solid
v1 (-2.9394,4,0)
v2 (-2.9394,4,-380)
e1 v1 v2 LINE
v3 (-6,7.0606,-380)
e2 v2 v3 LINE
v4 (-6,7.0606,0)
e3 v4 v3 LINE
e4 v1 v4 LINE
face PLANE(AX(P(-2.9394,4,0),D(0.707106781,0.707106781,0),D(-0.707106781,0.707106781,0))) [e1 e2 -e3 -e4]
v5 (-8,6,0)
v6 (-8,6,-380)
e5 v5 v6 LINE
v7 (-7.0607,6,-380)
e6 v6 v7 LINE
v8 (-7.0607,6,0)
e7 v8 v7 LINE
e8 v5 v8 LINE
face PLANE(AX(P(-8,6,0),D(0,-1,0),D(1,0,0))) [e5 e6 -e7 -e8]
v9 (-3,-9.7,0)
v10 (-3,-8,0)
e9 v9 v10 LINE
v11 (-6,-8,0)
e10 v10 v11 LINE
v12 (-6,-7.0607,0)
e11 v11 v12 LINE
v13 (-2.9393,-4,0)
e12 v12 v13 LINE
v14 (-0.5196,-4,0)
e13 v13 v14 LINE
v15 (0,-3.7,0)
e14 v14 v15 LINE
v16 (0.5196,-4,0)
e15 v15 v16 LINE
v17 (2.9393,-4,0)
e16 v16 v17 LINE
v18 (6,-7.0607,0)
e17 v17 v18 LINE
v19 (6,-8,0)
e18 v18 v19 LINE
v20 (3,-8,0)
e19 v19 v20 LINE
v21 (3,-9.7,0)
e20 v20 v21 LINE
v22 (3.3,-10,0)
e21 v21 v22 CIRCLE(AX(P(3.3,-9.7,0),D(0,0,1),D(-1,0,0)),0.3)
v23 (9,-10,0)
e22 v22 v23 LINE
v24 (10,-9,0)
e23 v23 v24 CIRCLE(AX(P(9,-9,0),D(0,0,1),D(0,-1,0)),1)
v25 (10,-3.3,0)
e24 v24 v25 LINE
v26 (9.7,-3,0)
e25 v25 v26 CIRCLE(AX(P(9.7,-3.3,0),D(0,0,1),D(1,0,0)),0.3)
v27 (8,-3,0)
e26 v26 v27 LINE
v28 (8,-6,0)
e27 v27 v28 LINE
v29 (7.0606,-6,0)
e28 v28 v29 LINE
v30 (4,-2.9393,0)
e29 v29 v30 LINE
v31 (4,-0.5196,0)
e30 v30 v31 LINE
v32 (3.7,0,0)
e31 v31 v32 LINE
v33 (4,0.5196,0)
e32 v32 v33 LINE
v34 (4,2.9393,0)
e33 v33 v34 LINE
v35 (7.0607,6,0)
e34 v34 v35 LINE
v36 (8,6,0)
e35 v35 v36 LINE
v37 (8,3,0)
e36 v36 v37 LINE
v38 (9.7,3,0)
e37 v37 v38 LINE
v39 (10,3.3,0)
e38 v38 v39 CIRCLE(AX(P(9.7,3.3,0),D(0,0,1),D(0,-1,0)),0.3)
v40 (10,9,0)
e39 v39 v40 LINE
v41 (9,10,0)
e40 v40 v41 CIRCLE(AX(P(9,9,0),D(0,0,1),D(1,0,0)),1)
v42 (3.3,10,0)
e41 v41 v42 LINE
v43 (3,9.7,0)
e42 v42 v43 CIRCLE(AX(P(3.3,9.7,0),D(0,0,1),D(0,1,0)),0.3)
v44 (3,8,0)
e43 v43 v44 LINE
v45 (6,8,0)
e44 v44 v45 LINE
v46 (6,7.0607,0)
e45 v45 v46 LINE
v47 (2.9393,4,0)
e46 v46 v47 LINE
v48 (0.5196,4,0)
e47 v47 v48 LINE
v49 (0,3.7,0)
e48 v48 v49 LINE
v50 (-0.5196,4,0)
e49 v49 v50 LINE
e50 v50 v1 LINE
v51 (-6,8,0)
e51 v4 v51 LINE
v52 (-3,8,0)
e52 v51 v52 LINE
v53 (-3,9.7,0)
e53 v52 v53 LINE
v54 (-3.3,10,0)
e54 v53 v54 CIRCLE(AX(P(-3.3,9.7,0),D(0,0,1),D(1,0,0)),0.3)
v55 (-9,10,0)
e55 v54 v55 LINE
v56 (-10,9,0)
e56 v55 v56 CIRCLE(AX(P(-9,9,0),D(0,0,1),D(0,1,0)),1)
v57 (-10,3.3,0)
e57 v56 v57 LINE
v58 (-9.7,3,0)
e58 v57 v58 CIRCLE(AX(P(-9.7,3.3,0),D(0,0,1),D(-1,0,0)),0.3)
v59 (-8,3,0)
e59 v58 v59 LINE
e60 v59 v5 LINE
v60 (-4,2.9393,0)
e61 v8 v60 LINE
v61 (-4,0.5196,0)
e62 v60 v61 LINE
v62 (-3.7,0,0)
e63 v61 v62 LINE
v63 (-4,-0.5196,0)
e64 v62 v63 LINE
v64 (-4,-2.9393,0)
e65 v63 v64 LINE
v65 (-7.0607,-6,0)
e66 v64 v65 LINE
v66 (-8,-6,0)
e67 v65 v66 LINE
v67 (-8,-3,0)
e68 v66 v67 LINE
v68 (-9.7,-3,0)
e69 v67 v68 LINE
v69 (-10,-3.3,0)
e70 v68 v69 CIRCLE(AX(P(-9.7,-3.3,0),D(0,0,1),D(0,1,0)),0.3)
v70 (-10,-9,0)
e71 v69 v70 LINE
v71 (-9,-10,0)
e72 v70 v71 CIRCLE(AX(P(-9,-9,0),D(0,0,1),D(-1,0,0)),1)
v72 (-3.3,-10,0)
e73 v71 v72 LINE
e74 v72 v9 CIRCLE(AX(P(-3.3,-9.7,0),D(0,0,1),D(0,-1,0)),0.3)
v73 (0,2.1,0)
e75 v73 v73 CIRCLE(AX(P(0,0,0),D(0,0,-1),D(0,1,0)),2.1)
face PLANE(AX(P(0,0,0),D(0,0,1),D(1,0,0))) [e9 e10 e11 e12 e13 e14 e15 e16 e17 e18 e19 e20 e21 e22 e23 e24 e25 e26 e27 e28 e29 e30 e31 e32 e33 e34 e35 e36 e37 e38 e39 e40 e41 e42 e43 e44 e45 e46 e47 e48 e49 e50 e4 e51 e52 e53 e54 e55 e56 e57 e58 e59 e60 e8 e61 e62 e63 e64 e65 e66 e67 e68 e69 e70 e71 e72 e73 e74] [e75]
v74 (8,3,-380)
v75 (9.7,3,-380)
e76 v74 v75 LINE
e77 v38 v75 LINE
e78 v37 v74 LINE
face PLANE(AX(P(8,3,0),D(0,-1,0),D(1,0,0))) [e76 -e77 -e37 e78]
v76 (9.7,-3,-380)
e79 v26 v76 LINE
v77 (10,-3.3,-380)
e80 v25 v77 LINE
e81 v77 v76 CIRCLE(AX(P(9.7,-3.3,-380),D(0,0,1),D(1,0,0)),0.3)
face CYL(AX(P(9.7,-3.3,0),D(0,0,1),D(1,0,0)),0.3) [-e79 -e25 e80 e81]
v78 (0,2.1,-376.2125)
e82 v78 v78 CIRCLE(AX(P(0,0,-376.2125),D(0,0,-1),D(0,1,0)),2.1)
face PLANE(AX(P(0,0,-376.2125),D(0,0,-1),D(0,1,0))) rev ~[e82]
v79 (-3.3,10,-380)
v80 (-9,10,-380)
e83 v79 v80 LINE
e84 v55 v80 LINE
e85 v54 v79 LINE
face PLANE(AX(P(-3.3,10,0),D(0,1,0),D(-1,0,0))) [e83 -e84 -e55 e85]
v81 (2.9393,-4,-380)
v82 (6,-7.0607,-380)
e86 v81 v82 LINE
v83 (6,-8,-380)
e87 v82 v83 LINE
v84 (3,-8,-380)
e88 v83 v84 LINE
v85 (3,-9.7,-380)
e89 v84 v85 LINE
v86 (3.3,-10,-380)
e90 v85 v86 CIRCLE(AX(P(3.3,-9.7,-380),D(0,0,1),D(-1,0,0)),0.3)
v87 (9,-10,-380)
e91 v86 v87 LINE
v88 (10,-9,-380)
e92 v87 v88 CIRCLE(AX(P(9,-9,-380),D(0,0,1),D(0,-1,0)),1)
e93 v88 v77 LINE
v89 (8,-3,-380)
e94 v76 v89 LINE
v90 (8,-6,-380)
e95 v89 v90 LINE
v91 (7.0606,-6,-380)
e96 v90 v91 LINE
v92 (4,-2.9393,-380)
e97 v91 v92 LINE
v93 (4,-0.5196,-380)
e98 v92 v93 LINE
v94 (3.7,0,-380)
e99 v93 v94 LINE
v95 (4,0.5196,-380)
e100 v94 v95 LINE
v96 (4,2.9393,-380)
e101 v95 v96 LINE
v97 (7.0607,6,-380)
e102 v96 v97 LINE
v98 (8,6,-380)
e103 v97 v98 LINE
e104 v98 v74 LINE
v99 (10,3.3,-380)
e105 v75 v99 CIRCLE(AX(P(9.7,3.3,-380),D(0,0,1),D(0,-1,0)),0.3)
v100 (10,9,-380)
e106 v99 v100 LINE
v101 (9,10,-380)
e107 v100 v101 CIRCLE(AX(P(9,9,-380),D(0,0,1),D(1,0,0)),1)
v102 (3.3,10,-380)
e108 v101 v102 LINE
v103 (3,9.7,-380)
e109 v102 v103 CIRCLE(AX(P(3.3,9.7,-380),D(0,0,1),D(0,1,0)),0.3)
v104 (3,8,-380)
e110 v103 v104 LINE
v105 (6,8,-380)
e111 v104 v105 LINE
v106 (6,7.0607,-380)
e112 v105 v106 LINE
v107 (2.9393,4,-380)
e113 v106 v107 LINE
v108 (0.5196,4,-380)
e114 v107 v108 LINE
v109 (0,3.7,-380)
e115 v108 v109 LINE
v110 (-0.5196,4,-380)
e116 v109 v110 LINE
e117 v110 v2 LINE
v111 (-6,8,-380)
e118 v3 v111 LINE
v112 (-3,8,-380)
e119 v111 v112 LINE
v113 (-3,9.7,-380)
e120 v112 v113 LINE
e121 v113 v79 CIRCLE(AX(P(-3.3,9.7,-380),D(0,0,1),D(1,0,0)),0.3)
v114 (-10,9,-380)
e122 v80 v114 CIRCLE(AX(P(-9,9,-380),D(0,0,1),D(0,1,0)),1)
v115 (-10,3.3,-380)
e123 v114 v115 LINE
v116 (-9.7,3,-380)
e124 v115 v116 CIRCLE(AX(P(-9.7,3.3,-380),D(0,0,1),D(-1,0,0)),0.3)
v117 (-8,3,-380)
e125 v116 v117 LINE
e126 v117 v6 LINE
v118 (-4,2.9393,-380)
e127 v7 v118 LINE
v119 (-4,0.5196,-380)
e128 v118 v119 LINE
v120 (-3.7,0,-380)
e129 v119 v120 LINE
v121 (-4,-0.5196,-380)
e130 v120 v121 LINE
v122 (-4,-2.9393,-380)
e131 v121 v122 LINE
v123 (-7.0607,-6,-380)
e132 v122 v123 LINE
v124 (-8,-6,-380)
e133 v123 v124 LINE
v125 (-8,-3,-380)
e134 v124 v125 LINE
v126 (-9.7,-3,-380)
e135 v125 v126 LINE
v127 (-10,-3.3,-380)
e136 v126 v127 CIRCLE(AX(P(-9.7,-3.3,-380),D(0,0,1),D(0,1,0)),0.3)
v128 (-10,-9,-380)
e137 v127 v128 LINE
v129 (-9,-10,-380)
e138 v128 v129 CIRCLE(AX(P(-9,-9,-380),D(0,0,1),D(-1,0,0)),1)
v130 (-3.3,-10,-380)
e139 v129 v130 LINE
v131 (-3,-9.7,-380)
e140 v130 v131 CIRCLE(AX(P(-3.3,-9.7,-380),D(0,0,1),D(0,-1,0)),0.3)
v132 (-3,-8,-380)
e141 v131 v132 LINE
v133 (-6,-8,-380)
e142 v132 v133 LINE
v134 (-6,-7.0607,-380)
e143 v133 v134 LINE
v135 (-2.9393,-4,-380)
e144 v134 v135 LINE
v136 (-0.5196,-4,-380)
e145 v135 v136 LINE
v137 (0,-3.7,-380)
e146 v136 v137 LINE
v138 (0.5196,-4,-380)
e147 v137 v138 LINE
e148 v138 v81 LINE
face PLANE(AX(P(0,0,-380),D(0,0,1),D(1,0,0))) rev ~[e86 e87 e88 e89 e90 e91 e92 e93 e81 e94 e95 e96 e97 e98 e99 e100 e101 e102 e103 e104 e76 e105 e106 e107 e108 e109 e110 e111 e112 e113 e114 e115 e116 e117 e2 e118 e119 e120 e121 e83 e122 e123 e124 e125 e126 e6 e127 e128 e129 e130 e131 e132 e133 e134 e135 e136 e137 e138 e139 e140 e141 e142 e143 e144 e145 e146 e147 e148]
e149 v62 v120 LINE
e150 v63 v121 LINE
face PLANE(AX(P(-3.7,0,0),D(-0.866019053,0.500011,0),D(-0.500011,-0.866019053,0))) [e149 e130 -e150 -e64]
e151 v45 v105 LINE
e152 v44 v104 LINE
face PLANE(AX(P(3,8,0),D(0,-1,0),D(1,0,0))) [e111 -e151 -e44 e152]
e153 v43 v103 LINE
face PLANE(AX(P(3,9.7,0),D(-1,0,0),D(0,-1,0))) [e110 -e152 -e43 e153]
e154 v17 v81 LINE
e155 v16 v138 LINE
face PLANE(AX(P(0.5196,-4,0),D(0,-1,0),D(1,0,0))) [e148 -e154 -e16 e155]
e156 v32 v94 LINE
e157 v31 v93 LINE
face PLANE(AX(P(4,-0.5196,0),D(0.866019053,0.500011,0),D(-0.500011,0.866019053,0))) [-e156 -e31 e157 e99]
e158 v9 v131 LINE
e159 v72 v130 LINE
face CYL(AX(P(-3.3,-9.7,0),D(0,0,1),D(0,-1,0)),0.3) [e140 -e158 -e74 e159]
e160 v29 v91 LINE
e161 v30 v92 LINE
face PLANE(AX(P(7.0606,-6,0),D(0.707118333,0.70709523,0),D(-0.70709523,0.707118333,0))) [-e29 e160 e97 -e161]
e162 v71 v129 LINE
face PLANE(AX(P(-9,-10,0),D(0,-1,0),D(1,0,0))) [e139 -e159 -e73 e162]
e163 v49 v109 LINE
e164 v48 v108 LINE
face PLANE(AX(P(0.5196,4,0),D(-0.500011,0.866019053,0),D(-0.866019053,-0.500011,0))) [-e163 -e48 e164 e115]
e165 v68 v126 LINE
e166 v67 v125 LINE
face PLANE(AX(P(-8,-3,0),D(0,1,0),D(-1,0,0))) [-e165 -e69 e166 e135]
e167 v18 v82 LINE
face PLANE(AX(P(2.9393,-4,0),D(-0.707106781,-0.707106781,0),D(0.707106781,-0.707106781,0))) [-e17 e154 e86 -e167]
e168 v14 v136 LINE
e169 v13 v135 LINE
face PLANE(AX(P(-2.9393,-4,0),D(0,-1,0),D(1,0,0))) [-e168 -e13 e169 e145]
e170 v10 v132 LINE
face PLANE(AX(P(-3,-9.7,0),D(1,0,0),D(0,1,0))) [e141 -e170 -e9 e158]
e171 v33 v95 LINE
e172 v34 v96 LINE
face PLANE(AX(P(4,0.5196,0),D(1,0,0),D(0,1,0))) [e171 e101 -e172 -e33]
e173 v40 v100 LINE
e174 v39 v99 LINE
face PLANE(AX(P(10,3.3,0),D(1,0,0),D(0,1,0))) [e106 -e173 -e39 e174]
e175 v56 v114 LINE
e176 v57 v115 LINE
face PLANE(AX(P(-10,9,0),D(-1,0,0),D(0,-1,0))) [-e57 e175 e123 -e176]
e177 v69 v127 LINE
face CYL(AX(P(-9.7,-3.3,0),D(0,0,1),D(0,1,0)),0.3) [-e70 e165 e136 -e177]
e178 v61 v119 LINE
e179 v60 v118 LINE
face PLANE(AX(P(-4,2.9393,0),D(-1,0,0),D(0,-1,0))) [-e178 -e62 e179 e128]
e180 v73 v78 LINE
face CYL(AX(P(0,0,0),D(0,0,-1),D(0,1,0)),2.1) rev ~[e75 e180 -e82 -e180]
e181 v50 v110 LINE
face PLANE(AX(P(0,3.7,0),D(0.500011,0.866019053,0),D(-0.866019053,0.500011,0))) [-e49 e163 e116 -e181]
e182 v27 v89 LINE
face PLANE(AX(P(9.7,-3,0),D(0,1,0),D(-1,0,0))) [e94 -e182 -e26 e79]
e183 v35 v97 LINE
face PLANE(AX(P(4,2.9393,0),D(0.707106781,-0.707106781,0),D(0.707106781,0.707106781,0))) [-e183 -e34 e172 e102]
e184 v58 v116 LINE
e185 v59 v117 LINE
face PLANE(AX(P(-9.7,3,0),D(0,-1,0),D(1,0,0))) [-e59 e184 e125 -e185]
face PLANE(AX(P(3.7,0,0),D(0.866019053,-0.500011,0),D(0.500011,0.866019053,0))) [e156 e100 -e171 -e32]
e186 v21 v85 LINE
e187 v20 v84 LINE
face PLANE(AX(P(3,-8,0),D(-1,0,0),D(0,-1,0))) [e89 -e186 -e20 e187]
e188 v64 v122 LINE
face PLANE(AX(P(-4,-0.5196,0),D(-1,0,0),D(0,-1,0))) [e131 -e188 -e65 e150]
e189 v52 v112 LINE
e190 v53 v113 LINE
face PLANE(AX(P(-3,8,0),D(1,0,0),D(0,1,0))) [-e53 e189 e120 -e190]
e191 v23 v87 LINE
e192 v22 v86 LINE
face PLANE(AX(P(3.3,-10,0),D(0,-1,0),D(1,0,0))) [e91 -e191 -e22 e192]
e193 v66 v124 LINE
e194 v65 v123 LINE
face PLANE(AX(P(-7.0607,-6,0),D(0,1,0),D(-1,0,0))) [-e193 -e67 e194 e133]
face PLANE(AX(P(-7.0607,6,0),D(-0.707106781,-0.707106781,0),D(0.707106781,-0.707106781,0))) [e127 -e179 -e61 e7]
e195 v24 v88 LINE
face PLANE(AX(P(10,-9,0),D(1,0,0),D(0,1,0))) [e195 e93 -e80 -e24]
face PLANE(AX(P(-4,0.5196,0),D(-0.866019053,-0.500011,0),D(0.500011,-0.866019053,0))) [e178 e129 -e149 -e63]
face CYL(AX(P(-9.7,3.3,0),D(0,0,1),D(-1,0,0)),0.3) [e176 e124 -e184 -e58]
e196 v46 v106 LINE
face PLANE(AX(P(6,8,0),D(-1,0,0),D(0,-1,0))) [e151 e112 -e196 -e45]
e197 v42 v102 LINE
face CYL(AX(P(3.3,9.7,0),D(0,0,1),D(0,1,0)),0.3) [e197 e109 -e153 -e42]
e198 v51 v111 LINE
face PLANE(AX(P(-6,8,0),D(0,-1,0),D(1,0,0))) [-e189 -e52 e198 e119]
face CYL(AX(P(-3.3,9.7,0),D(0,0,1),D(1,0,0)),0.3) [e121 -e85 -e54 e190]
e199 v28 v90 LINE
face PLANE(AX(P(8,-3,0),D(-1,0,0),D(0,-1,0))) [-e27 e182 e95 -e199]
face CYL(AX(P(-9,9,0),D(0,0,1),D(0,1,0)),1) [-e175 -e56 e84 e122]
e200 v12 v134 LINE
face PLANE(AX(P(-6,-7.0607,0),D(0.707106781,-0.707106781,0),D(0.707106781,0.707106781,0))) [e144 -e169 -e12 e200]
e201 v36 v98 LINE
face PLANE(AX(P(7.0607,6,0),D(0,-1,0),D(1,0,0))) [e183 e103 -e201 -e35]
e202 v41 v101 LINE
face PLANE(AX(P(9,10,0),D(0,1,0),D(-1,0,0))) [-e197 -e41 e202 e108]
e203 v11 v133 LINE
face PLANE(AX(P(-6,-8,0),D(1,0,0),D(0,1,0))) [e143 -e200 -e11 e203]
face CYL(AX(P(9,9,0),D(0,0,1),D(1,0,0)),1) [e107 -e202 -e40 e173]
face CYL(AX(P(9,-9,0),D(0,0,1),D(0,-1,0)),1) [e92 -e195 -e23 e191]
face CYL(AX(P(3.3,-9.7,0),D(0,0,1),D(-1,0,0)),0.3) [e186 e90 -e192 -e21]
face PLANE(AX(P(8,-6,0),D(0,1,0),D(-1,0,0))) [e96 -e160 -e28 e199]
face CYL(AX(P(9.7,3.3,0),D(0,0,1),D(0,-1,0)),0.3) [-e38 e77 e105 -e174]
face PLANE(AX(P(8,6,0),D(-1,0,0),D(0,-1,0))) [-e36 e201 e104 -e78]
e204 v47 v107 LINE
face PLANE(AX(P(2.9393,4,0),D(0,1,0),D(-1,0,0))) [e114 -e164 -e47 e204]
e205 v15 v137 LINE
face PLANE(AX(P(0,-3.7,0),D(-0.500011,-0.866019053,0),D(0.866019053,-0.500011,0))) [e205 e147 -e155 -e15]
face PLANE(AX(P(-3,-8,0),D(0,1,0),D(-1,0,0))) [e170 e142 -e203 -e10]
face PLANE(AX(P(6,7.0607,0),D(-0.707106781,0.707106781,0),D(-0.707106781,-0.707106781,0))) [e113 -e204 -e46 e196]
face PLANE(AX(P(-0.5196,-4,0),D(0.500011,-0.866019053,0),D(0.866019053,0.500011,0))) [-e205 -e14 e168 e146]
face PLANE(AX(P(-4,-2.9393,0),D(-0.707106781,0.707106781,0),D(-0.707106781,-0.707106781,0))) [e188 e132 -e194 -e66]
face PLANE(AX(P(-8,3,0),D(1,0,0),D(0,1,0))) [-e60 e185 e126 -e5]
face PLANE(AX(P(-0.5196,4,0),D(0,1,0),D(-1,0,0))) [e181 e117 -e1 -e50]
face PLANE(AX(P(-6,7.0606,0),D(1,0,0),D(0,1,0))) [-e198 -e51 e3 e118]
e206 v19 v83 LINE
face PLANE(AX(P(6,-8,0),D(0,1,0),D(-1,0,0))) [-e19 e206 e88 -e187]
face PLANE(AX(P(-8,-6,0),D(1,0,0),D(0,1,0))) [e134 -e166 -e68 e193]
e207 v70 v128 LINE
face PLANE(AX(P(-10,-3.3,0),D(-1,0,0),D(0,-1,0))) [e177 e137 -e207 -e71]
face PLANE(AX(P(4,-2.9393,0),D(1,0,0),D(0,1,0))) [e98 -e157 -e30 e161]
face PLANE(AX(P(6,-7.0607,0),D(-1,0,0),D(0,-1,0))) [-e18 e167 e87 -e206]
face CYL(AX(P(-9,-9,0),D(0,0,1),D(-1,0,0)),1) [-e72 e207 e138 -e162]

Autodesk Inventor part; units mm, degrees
sketch "Sketch_1" plane through (0, 0, 0) normal (0, 0, 1) x (1, 0, 0)
  line L0 (-10, 9) -> (-10, 3.3)
  arc A0 (-10, 3.3) -> (-9.7, 3) centre (-9.7, 3.3) ccw
  line L1 (-9.7, 3) -> (-8, 3)
  line L2 (-8, 3) -> (-8, 6)
  line L3 (-8, 6) -> (-7.0607, 6)
  line L4 (-7.0607, 6) -> (-4, 2.9393)
  line L5 (-4, 2.9393) -> (-4, 0.5196)
  line L6 (-4, 0.5196) -> (-3.7, 0)
  line L7 (-3.7, 0) -> (-4, -0.5196)
  line L8 (-4, -0.5196) -> (-4, -2.9393)
  line L9 (-4, -2.9393) -> (-7.0607, -6)
  line L10 (-7.0607, -6) -> (-8, -6)
  line L11 (-8, -6) -> (-8, -3)
  line L12 (-8, -3) -> (-9.7, -3)
  arc A1 (-9.7, -3) -> (-10, -3.3) centre (-9.7, -3.3) ccw
  line L13 (-10, -3.3) -> (-10, -9)
  arc A2 (-10, -9) -> (-9, -10) centre (-9, -9) ccw
  line L14 (-9, -10) -> (-3.3, -10)
  arc A3 (-3.3, -10) -> (-3, -9.7) centre (-3.3, -9.7) ccw
  line L15 (-3, -9.7) -> (-3, -8)
  line L16 (-3, -8) -> (-6, -8)
  line L17 (-6, -8) -> (-6, -7.0607)
  line L18 (-6, -7.0607) -> (-2.9393, -4)
  line L19 (-2.9393, -4) -> (-0.5196, -4)
  line L20 (-0.5196, -4) -> (0, -3.7)
  line L21 (0, -3.7) -> (0.5196, -4)
  line L22 (0.5196, -4) -> (2.9393, -4)
  line L23 (2.9393, -4) -> (6, -7.0607)
  line L24 (6, -7.0607) -> (6, -8)
  line L25 (6, -8) -> (3, -8)
  line L26 (3, -8) -> (3, -9.7)
  arc A4 (3, -9.7) -> (3.3, -10) centre (3.3, -9.7) ccw
  line L27 (3.3, -10) -> (9, -10)
  arc A5 (9, -10) -> (10, -9) centre (9, -9) ccw
  line L28 (10, -9) -> (10, -3.3)
  arc A6 (10, -3.3) -> (9.7, -3) centre (9.7, -3.3) ccw
  line L29 (9.7, -3) -> (8, -3)
  line L30 (8, -3) -> (8, -6)
  line L31 (8, -6) -> (7.0606, -6)
  line L32 (7.0606, -6) -> (4, -2.9393)
  line L33 (4, -2.9393) -> (4, -0.5196)
  line L34 (4, -0.5196) -> (3.7, 0)
  line L35 (3.7, 0) -> (4, 0.5196)
  line L36 (4, 0.5196) -> (4, 2.9393)
  line L37 (4, 2.9393) -> (7.0607, 6)
  line L38 (7.0607, 6) -> (8, 6)
  line L39 (8, 6) -> (8, 3)
  line L40 (8, 3) -> (9.7, 3)
  arc A7 (9.7, 3) -> (10, 3.3) centre (9.7, 3.3) ccw
  line L41 (10, 3.3) -> (10, 9)
  arc A8 (10, 9) -> (9, 10) centre (9, 9) ccw
  line L42 (9, 10) -> (3.3, 10)
  arc A9 (3.3, 10) -> (3, 9.7) centre (3.3, 9.7) ccw
  line L43 (3, 9.7) -> (3, 8)
  line L44 (3, 8) -> (6, 8)
  line L45 (6, 8) -> (6, 7.0607)
  line L46 (6, 7.0607) -> (2.9393, 4)
  line L47 (2.9393, 4) -> (0.5196, 4)
  line L48 (0.5196, 4) -> (0, 3.7)
  line L49 (0, 3.7) -> (-0.5196, 4)
  line L50 (-0.5196, 4) -> (-2.9394, 4)
  line L51 (-2.9394, 4) -> (-6, 7.0606)
  line L52 (-6, 7.0606) -> (-6, 8)
  line L53 (-6, 8) -> (-3, 8)
  line L54 (-3, 8) -> (-3, 9.7)
  arc A10 (-3, 9.7) -> (-3.3, 10) centre (-3.3, 9.7) ccw
  line L55 (-3.3, 10) -> (-9, 10)
  arc A11 (-9, 10) -> (-10, 9) centre (-9, 9) ccw
extrude "Extrusion1" add sketch "Sketch_1" against normal blind 380
sketch "Sketch_2" plane through (0, 0, 0) normal (1, 0, 0) x (0, 0, -1)
  line L0 (300, 0) -> (0, 0)
  line L1 (0, 0) -> (0, 2.1)
  line L2 (0, 2.1) -> (376.2125, 2.1)
  line L3 (376.2125, 2.1) -> (376.2125, 0)
  line L4 (376.2125, 0) -> (0, 0)
revolve "Revolution1" cut sketch "Sketch_2" angle 360 about axis through (0, 0, -300) along (0, 0, -1)
ref_plane "C1_XY" through (0, 0, 0) normal (0, 0, 1) x (1, 0, 0)
ref_plane "C1_YZ" through (0, 0, 0) normal (1, 0, 0) x (0, 1, 0)
ref_plane "C1_ZX" through (0, 0, 0) normal (0, 1, 0) x (0, 0, 1)
properties part number "FrameSide" material "Aluminum 6061"
